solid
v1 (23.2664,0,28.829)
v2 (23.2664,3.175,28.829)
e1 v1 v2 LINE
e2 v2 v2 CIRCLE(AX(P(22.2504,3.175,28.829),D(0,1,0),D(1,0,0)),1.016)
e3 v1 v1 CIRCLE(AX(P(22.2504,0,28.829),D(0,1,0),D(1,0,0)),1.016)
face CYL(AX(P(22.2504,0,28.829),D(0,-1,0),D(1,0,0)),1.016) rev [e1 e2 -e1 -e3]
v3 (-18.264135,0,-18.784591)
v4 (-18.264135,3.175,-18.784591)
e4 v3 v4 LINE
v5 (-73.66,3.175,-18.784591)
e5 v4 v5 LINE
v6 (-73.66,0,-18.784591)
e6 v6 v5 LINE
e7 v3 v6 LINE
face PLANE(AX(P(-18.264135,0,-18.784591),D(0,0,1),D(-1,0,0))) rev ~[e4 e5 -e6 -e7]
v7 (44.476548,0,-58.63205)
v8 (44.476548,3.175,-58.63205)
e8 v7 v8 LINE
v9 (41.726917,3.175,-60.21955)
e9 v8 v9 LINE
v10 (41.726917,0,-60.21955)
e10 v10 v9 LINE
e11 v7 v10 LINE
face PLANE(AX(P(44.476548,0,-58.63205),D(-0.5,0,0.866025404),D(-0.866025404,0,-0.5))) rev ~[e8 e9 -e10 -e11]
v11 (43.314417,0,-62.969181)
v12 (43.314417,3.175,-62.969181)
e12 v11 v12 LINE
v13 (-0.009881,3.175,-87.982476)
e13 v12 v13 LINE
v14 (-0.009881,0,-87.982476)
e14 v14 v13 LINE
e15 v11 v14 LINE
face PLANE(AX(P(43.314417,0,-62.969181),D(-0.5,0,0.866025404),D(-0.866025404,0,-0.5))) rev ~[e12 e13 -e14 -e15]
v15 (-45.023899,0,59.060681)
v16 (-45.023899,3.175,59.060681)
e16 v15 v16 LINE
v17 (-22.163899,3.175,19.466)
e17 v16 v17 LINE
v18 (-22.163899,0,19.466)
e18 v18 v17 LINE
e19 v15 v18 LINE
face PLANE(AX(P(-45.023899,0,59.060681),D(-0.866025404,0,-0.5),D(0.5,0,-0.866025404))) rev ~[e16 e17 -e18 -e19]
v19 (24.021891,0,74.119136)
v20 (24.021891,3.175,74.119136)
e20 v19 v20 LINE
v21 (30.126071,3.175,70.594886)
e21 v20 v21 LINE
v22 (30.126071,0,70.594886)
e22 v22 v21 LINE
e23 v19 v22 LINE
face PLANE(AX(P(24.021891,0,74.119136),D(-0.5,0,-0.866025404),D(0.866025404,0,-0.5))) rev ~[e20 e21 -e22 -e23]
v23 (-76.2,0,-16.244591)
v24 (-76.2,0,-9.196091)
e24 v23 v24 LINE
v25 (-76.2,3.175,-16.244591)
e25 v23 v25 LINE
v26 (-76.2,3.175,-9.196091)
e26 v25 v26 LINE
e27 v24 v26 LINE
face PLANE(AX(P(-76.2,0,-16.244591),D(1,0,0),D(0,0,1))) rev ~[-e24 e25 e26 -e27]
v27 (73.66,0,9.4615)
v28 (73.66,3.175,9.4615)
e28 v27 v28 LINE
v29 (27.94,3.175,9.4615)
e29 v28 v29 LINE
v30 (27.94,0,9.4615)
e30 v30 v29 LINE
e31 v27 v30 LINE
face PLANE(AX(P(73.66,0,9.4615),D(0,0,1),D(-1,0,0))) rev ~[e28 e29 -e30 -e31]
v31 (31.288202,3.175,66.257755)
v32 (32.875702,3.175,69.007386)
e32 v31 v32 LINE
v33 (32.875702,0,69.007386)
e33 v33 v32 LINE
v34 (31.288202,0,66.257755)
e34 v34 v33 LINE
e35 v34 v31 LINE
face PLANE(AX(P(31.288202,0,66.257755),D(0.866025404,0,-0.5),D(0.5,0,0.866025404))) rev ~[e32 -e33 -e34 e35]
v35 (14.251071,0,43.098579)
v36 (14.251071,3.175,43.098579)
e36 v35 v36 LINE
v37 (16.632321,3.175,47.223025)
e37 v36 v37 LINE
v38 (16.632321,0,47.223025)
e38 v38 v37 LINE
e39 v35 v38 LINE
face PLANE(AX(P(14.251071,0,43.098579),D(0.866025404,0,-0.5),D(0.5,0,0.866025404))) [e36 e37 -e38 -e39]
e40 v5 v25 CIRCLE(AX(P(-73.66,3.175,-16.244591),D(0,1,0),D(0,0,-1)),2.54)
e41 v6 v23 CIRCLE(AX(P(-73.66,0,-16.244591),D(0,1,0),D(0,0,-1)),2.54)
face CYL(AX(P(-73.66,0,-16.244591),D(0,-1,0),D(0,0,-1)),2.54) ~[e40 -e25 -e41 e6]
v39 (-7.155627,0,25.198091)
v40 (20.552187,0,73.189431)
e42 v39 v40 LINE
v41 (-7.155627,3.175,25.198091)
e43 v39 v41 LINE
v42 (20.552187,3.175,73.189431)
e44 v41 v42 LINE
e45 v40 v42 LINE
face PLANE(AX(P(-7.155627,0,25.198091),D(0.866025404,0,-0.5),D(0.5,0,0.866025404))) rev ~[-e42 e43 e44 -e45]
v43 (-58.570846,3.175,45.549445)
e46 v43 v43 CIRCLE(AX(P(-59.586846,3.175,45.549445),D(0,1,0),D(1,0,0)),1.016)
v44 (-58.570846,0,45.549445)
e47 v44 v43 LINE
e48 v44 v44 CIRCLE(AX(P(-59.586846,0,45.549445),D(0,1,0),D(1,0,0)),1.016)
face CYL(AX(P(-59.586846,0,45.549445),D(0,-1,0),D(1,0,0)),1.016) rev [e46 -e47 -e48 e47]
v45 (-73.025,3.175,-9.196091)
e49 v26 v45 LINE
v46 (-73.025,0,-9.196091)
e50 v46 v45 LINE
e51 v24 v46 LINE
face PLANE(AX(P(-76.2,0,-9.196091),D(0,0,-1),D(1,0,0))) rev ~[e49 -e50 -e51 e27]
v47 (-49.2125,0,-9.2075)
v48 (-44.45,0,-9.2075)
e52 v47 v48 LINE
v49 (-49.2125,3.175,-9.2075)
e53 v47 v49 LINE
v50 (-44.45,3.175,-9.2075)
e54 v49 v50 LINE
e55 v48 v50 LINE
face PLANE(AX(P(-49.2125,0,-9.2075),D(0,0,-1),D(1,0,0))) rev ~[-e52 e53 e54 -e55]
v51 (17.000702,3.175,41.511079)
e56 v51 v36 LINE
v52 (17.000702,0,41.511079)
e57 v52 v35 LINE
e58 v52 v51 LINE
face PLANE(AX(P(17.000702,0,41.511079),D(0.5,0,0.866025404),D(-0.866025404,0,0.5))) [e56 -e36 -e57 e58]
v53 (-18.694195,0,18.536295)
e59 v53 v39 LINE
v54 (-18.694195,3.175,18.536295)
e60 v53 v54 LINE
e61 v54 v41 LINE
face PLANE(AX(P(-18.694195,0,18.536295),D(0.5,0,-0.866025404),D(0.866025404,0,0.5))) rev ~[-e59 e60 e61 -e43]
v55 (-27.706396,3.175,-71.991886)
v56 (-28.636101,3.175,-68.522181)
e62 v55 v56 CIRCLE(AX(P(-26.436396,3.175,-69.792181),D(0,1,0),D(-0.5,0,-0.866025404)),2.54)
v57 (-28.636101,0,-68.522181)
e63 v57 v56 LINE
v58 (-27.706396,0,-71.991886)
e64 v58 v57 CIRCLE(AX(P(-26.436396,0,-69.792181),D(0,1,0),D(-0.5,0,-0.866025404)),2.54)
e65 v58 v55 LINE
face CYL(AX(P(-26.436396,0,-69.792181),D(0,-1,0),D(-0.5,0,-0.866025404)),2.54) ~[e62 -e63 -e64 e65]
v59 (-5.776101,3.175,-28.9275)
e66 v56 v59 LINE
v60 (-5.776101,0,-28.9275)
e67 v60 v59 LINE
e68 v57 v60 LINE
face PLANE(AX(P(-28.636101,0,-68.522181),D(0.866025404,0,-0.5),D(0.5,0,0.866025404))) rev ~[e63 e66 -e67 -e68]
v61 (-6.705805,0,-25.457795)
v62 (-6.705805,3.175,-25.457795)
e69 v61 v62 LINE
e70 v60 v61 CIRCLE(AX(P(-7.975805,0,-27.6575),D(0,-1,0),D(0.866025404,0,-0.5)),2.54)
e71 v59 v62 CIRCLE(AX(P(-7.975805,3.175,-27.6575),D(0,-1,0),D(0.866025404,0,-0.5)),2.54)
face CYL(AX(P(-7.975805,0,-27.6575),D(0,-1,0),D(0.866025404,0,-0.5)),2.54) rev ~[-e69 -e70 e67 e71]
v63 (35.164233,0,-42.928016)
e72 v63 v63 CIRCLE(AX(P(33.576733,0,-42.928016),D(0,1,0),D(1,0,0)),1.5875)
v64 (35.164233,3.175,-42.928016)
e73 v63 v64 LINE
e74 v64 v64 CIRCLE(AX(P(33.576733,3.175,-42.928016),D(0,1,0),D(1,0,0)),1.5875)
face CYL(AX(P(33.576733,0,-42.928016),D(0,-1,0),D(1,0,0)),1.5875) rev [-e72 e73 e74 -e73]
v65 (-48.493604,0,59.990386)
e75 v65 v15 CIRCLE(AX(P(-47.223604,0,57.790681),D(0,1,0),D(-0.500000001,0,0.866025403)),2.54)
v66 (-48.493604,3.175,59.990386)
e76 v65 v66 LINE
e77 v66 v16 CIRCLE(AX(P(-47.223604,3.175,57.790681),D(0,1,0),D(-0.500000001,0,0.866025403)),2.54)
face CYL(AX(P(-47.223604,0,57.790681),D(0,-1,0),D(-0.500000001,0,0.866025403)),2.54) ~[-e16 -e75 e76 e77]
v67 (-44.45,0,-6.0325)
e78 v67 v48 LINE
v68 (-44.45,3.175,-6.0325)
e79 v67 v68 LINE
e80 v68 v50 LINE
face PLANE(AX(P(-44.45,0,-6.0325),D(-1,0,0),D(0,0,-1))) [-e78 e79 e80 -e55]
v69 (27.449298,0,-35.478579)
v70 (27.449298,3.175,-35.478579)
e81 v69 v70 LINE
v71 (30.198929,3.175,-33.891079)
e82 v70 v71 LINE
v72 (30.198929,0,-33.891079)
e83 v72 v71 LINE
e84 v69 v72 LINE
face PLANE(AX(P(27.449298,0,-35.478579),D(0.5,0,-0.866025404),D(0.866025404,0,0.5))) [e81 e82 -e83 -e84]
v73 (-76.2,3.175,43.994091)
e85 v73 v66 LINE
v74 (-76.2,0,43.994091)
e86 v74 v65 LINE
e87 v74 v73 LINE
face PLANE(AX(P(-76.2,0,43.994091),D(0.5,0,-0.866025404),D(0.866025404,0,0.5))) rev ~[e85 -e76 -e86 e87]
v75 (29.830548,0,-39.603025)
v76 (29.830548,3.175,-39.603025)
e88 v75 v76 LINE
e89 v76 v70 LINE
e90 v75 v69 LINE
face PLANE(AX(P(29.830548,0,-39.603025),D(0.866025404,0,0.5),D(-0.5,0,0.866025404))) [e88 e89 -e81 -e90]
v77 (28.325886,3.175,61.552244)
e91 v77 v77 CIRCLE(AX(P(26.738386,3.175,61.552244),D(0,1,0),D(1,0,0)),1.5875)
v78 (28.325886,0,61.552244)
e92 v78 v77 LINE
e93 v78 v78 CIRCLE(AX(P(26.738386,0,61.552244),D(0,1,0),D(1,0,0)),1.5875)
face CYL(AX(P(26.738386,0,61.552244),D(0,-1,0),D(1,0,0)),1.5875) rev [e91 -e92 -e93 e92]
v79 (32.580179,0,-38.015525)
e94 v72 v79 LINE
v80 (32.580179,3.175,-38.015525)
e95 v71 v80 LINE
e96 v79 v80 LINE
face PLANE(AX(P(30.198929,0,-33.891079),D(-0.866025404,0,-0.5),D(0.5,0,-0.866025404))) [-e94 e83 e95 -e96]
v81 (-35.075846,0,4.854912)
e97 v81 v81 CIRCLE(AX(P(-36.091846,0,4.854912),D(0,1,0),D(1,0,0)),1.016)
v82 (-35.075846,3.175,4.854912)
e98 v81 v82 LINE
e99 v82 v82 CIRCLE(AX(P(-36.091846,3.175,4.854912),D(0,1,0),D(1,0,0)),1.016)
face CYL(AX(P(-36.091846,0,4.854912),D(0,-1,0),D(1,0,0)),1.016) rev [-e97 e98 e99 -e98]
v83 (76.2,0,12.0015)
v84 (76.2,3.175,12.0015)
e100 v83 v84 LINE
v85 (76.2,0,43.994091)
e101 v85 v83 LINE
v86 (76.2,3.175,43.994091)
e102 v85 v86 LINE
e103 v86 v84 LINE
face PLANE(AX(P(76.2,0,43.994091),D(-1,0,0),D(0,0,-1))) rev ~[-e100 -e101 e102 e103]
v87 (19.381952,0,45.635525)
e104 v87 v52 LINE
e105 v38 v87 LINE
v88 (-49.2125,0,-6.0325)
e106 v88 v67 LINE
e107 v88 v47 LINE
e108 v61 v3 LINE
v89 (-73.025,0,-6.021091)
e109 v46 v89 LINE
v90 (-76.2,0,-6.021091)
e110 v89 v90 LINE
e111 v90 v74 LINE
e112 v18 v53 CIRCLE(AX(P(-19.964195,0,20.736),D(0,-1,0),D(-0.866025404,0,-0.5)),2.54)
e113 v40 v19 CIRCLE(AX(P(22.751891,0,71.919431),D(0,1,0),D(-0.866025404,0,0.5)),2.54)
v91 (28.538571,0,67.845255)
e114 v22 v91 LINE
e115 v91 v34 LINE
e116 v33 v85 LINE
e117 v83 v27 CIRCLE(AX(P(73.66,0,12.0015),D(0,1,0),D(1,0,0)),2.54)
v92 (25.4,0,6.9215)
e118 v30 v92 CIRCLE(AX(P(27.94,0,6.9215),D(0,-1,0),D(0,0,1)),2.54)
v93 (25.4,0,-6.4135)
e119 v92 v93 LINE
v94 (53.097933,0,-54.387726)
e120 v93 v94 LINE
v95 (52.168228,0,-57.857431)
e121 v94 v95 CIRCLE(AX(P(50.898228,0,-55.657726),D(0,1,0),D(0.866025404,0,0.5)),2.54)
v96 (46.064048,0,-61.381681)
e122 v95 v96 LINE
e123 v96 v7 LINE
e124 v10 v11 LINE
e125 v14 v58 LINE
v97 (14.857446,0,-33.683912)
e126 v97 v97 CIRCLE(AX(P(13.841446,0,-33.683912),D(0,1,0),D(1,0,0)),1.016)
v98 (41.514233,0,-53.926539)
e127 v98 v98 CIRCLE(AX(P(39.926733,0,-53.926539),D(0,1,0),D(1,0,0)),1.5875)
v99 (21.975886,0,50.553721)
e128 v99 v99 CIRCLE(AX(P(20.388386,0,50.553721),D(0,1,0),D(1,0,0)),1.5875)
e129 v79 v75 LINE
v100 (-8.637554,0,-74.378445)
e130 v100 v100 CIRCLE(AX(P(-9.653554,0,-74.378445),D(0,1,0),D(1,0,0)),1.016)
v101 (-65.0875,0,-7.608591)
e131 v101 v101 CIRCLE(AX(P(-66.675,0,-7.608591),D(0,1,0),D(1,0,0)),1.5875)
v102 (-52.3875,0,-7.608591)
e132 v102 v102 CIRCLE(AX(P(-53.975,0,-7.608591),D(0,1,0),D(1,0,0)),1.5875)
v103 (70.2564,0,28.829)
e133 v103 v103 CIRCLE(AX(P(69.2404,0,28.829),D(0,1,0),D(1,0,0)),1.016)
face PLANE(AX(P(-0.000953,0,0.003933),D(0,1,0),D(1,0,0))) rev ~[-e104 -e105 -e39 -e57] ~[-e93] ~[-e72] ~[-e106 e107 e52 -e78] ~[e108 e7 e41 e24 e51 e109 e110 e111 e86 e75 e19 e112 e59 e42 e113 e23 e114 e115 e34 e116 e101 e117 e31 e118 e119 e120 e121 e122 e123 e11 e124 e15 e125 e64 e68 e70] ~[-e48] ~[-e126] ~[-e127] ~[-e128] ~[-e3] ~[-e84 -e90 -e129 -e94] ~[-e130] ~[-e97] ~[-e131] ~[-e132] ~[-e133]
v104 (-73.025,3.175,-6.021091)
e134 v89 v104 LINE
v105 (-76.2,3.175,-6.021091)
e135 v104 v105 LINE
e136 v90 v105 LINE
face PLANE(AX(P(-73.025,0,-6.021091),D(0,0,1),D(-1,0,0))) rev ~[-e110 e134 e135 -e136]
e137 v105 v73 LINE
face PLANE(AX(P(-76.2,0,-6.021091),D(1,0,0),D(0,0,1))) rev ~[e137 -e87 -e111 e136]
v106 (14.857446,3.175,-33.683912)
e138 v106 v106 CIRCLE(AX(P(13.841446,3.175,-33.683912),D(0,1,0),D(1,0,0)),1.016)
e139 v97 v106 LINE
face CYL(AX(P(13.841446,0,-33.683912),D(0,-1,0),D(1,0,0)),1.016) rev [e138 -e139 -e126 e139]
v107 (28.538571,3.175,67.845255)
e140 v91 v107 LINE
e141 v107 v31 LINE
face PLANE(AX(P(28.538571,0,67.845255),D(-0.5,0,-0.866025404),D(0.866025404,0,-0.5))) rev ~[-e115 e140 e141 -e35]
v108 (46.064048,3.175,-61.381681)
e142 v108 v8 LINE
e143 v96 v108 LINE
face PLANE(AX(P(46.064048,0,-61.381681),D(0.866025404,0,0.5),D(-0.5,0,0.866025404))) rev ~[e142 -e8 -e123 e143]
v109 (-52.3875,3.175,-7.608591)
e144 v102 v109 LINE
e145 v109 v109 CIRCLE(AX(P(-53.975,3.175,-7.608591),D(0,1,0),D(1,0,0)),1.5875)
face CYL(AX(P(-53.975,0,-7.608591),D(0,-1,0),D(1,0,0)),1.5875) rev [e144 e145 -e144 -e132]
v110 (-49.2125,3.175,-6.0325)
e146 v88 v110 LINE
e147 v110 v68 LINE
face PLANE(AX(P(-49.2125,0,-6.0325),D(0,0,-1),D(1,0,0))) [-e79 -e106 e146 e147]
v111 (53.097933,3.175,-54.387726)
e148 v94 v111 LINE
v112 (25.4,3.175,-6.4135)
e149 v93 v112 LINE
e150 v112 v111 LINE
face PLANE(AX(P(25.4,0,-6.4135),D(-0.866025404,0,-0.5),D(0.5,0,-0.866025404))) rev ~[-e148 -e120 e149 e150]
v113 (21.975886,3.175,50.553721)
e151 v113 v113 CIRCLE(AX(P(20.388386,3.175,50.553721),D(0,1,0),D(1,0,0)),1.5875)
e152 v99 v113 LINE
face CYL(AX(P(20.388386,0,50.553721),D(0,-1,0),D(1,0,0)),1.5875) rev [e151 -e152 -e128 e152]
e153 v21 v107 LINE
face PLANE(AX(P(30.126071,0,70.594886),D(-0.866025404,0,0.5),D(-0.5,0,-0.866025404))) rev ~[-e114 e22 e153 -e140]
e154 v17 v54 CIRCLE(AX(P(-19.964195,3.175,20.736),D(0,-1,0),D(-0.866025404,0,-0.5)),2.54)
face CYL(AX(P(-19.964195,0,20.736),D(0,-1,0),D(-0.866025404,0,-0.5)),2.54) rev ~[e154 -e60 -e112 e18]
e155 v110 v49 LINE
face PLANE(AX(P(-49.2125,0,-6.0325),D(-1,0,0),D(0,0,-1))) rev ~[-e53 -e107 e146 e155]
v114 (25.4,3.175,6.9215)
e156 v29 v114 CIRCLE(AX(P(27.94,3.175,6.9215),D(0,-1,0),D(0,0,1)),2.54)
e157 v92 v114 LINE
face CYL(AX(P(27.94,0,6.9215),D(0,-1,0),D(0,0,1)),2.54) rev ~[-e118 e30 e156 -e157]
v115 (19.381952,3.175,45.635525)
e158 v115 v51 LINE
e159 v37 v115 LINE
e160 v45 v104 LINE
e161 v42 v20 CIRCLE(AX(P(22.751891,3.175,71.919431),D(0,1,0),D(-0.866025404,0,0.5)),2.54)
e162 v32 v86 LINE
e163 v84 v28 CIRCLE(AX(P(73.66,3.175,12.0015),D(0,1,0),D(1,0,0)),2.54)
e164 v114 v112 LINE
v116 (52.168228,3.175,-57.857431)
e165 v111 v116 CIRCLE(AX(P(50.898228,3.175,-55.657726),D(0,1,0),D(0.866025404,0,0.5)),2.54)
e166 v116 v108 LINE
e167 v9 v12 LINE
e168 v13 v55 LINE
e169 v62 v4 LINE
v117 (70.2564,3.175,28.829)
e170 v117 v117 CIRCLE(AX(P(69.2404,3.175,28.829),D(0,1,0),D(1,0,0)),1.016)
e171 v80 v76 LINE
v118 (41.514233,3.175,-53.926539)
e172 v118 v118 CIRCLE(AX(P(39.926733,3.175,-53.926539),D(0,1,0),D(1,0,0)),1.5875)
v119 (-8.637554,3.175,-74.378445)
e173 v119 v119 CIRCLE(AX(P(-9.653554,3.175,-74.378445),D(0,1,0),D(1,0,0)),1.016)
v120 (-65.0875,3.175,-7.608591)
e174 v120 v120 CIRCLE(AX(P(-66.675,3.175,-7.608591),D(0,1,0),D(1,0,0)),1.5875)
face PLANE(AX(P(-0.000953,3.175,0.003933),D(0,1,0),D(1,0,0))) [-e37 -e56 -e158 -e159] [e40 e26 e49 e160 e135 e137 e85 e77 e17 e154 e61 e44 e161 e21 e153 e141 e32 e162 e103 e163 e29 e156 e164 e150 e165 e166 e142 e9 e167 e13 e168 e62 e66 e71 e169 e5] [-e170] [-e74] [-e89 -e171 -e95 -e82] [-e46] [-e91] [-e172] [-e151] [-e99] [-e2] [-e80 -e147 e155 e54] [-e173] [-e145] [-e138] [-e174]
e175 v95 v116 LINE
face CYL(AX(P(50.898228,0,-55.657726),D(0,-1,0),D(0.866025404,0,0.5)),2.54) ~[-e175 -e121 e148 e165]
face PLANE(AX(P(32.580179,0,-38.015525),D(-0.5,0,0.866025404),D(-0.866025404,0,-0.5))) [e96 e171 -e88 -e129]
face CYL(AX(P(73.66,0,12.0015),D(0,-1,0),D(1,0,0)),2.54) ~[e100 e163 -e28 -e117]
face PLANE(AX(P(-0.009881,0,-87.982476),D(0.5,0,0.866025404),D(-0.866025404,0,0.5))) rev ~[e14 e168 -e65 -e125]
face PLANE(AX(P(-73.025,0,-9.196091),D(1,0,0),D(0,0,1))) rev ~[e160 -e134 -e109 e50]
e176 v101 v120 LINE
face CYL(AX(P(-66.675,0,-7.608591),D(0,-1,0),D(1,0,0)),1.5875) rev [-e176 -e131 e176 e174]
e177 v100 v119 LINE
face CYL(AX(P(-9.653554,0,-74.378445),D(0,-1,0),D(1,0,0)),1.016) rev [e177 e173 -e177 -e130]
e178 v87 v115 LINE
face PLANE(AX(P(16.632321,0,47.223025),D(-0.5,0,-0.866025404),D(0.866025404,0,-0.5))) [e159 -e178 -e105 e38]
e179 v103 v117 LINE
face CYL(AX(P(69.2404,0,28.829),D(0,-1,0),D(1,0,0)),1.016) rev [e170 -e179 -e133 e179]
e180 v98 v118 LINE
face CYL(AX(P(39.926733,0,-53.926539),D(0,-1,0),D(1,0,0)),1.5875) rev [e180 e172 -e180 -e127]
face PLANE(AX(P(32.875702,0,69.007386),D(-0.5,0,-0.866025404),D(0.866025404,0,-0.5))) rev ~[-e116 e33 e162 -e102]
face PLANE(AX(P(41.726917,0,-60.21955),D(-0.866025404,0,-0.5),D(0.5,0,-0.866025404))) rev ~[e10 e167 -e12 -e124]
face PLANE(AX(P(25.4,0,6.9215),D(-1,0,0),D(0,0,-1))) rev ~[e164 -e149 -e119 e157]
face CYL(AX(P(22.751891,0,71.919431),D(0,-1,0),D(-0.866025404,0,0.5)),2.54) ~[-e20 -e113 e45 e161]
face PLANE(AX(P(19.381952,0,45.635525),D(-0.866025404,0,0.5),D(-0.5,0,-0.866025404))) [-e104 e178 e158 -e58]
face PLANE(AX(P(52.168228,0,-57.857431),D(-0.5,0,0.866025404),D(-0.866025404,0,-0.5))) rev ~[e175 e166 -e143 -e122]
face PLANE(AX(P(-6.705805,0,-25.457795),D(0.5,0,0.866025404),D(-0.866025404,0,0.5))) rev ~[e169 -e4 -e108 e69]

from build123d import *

# Parameters (mm, degrees)
SKETCH1_R           = 1.016
SKETCH1_R_2         = 1.5875
SKETCH1_W           = 4.7625
SKETCH1_H           = 3.175
BOSS_EXTRUDE2_DEPTH = 3.175


with BuildPart() as part:
    # Sketch1 → Boss-Extrude2 (new body)
    with BuildSketch(Plane(origin=(0, 0, 0), x_dir=(1, 0, 0), z_dir=(0, 1, 0))):
        with BuildLine():
            Line((-18.264134833, 18.784590512), (-73.66, 18.784590512))
            ThreePointArc((-73.66, 18.784590512), (-75.456051224, 18.040641736), (-76.2, 16.244590512))
            Line((-76.2, 16.244590512), (-76.2, 9.196090512))
            Line((-76.2, 9.196090512), (-73.025, 9.196090512))
            Line((-73.025, 9.196090512), (-73.025, 6.021090512))
            Line((-73.025, 6.021090512), (-76.2, 6.021090512))
            Line((-76.2, 6.021090512), (-76.2, -43.994090512))
            Line((-76.2, -43.994090512), (-48.493603884, -59.990385768))
            ThreePointArc((-48.493603884, -59.990385768), (-46.566203509, -60.244132842), (-45.023899358, -59.060681243))
            Line((-45.023899358, -59.060681243), (-22.163899358, -19.465999782))
            ThreePointArc((-22.163899358, -19.465999782), (-20.621595207, -18.282548183), (-18.694194832, -18.536295256))
            Line((-18.694194832, -18.536295256), (-7.155626979, -25.198090512))
            Line((-7.155626979, -25.198090512), (20.55218651, -73.189431243))
            ThreePointArc((20.55218651, -73.189431243), (22.094490662, -74.372882842), (24.021891036, -74.119135768))
            Line((24.021891036, -74.119135768), (30.126071095, -70.594885768))
            Line((30.126071095, -70.594885768), (28.538571095, -67.845255111))
            Line((28.538571095, -67.845255111), (31.288201752, -66.257755111))
            Line((31.288201752, -66.257755111), (32.875701752, -69.007385768))
            Line((32.875701752, -69.007385768), (76.2, -43.994090512))
            Line((76.2, -43.994090512), (76.2, -12.0015))
            ThreePointArc((76.2, -12.0015), (75.456051224, -10.205448776), (73.66, -9.4615))
            Line((73.66, -9.4615), (27.94, -9.4615))
            ThreePointArc((27.94, -9.4615), (26.143948776, -8.717551224), (25.4, -6.9215))
            Line((25.4, -6.9215), (25.4, 6.4135))
            Line((25.4, 6.4135), (53.097932583, 54.387726499))
            ThreePointArc((53.097932583, 54.387726499), (53.351679656, 56.315126873), (52.168228058, 57.857431024))
            Line((52.168228058, 57.857431024), (46.064047999, 61.381681024))
            Line((46.064047999, 61.381681024), (44.476547999, 58.632050367))
            Line((44.476547999, 58.632050367), (41.726917342, 60.219550367))
            Line((41.726917342, 60.219550367), (43.314417342, 62.969181024))
            Line((43.314417342, 62.969181024), (-0.009880906, 87.982476281))
            Line((-0.009880906, 87.982476281), (-27.706396116, 71.991885768))
            ThreePointArc((-27.706396116, 71.991885768), (-28.889847715, 70.449581617), (-28.636100642, 68.522181243))
            Line((-28.636100642, 68.522181243), (-5.776100642, 28.927499782))
            ThreePointArc((-5.776100642, 28.927499782), (-5.522353569, 27.000099407), (-6.705805168, 25.457795256))
            Line((-6.705805168, 25.457795256), (-18.264134833, 18.784590512))
        make_face()
        with Locations((69.2404, -28.829)):
            Circle(SKETCH1_R, mode=Mode.SUBTRACT)
        with Locations((-59.586846366, -45.549445368)):
            Circle(SKETCH1_R, mode=Mode.SUBTRACT)
        with Locations((-9.653553634, 74.378445368)):
            Circle(SKETCH1_R, mode=Mode.SUBTRACT)
        with Locations((22.2504, -28.829)):
            Circle(SKETCH1_R, mode=Mode.SUBTRACT)
        with Locations((-36.091846366, -4.854911644)):
            Circle(SKETCH1_R, mode=Mode.SUBTRACT)
        with Locations((13.841446366, 33.683911644)):
            Circle(SKETCH1_R, mode=Mode.SUBTRACT)
        with Locations((26.738386423, -61.552243797)):
            Circle(SKETCH1_R_2, mode=Mode.SUBTRACT)
        with Locations((20.388386423, -50.553721169)):
            Circle(SKETCH1_R_2, mode=Mode.SUBTRACT)
        with Locations((-53.975, 7.608590512)):
            Circle(SKETCH1_R_2, mode=Mode.SUBTRACT)
        with Locations((-66.675, 7.608590512)):
            Circle(SKETCH1_R_2, mode=Mode.SUBTRACT)
        with Locations((33.576732671, 42.928016425)):
            Circle(SKETCH1_R_2, mode=Mode.SUBTRACT)
        with Locations((39.926732671, 53.926539053)):
            Circle(SKETCH1_R_2, mode=Mode.SUBTRACT)
        Polygon((14.251071095, -43.098579198), (16.632321095, -47.223025184), (19.381951752, -45.635525184), (17.000701752, -41.511079198), align=None, mode=Mode.SUBTRACT)
        with Locations((-46.83125, 7.62)):
            Rectangle(SKETCH1_W, SKETCH1_H, mode=Mode.SUBTRACT)
        Polygon((29.830548248, 39.603025184), (27.449298248, 35.478579198), (30.198928905, 33.891079198), (32.580178905, 38.015525184), align=None, mode=Mode.SUBTRACT)
    extrude(amount=BOSS_EXTRUDE2_DEPTH)


solid = part.part
